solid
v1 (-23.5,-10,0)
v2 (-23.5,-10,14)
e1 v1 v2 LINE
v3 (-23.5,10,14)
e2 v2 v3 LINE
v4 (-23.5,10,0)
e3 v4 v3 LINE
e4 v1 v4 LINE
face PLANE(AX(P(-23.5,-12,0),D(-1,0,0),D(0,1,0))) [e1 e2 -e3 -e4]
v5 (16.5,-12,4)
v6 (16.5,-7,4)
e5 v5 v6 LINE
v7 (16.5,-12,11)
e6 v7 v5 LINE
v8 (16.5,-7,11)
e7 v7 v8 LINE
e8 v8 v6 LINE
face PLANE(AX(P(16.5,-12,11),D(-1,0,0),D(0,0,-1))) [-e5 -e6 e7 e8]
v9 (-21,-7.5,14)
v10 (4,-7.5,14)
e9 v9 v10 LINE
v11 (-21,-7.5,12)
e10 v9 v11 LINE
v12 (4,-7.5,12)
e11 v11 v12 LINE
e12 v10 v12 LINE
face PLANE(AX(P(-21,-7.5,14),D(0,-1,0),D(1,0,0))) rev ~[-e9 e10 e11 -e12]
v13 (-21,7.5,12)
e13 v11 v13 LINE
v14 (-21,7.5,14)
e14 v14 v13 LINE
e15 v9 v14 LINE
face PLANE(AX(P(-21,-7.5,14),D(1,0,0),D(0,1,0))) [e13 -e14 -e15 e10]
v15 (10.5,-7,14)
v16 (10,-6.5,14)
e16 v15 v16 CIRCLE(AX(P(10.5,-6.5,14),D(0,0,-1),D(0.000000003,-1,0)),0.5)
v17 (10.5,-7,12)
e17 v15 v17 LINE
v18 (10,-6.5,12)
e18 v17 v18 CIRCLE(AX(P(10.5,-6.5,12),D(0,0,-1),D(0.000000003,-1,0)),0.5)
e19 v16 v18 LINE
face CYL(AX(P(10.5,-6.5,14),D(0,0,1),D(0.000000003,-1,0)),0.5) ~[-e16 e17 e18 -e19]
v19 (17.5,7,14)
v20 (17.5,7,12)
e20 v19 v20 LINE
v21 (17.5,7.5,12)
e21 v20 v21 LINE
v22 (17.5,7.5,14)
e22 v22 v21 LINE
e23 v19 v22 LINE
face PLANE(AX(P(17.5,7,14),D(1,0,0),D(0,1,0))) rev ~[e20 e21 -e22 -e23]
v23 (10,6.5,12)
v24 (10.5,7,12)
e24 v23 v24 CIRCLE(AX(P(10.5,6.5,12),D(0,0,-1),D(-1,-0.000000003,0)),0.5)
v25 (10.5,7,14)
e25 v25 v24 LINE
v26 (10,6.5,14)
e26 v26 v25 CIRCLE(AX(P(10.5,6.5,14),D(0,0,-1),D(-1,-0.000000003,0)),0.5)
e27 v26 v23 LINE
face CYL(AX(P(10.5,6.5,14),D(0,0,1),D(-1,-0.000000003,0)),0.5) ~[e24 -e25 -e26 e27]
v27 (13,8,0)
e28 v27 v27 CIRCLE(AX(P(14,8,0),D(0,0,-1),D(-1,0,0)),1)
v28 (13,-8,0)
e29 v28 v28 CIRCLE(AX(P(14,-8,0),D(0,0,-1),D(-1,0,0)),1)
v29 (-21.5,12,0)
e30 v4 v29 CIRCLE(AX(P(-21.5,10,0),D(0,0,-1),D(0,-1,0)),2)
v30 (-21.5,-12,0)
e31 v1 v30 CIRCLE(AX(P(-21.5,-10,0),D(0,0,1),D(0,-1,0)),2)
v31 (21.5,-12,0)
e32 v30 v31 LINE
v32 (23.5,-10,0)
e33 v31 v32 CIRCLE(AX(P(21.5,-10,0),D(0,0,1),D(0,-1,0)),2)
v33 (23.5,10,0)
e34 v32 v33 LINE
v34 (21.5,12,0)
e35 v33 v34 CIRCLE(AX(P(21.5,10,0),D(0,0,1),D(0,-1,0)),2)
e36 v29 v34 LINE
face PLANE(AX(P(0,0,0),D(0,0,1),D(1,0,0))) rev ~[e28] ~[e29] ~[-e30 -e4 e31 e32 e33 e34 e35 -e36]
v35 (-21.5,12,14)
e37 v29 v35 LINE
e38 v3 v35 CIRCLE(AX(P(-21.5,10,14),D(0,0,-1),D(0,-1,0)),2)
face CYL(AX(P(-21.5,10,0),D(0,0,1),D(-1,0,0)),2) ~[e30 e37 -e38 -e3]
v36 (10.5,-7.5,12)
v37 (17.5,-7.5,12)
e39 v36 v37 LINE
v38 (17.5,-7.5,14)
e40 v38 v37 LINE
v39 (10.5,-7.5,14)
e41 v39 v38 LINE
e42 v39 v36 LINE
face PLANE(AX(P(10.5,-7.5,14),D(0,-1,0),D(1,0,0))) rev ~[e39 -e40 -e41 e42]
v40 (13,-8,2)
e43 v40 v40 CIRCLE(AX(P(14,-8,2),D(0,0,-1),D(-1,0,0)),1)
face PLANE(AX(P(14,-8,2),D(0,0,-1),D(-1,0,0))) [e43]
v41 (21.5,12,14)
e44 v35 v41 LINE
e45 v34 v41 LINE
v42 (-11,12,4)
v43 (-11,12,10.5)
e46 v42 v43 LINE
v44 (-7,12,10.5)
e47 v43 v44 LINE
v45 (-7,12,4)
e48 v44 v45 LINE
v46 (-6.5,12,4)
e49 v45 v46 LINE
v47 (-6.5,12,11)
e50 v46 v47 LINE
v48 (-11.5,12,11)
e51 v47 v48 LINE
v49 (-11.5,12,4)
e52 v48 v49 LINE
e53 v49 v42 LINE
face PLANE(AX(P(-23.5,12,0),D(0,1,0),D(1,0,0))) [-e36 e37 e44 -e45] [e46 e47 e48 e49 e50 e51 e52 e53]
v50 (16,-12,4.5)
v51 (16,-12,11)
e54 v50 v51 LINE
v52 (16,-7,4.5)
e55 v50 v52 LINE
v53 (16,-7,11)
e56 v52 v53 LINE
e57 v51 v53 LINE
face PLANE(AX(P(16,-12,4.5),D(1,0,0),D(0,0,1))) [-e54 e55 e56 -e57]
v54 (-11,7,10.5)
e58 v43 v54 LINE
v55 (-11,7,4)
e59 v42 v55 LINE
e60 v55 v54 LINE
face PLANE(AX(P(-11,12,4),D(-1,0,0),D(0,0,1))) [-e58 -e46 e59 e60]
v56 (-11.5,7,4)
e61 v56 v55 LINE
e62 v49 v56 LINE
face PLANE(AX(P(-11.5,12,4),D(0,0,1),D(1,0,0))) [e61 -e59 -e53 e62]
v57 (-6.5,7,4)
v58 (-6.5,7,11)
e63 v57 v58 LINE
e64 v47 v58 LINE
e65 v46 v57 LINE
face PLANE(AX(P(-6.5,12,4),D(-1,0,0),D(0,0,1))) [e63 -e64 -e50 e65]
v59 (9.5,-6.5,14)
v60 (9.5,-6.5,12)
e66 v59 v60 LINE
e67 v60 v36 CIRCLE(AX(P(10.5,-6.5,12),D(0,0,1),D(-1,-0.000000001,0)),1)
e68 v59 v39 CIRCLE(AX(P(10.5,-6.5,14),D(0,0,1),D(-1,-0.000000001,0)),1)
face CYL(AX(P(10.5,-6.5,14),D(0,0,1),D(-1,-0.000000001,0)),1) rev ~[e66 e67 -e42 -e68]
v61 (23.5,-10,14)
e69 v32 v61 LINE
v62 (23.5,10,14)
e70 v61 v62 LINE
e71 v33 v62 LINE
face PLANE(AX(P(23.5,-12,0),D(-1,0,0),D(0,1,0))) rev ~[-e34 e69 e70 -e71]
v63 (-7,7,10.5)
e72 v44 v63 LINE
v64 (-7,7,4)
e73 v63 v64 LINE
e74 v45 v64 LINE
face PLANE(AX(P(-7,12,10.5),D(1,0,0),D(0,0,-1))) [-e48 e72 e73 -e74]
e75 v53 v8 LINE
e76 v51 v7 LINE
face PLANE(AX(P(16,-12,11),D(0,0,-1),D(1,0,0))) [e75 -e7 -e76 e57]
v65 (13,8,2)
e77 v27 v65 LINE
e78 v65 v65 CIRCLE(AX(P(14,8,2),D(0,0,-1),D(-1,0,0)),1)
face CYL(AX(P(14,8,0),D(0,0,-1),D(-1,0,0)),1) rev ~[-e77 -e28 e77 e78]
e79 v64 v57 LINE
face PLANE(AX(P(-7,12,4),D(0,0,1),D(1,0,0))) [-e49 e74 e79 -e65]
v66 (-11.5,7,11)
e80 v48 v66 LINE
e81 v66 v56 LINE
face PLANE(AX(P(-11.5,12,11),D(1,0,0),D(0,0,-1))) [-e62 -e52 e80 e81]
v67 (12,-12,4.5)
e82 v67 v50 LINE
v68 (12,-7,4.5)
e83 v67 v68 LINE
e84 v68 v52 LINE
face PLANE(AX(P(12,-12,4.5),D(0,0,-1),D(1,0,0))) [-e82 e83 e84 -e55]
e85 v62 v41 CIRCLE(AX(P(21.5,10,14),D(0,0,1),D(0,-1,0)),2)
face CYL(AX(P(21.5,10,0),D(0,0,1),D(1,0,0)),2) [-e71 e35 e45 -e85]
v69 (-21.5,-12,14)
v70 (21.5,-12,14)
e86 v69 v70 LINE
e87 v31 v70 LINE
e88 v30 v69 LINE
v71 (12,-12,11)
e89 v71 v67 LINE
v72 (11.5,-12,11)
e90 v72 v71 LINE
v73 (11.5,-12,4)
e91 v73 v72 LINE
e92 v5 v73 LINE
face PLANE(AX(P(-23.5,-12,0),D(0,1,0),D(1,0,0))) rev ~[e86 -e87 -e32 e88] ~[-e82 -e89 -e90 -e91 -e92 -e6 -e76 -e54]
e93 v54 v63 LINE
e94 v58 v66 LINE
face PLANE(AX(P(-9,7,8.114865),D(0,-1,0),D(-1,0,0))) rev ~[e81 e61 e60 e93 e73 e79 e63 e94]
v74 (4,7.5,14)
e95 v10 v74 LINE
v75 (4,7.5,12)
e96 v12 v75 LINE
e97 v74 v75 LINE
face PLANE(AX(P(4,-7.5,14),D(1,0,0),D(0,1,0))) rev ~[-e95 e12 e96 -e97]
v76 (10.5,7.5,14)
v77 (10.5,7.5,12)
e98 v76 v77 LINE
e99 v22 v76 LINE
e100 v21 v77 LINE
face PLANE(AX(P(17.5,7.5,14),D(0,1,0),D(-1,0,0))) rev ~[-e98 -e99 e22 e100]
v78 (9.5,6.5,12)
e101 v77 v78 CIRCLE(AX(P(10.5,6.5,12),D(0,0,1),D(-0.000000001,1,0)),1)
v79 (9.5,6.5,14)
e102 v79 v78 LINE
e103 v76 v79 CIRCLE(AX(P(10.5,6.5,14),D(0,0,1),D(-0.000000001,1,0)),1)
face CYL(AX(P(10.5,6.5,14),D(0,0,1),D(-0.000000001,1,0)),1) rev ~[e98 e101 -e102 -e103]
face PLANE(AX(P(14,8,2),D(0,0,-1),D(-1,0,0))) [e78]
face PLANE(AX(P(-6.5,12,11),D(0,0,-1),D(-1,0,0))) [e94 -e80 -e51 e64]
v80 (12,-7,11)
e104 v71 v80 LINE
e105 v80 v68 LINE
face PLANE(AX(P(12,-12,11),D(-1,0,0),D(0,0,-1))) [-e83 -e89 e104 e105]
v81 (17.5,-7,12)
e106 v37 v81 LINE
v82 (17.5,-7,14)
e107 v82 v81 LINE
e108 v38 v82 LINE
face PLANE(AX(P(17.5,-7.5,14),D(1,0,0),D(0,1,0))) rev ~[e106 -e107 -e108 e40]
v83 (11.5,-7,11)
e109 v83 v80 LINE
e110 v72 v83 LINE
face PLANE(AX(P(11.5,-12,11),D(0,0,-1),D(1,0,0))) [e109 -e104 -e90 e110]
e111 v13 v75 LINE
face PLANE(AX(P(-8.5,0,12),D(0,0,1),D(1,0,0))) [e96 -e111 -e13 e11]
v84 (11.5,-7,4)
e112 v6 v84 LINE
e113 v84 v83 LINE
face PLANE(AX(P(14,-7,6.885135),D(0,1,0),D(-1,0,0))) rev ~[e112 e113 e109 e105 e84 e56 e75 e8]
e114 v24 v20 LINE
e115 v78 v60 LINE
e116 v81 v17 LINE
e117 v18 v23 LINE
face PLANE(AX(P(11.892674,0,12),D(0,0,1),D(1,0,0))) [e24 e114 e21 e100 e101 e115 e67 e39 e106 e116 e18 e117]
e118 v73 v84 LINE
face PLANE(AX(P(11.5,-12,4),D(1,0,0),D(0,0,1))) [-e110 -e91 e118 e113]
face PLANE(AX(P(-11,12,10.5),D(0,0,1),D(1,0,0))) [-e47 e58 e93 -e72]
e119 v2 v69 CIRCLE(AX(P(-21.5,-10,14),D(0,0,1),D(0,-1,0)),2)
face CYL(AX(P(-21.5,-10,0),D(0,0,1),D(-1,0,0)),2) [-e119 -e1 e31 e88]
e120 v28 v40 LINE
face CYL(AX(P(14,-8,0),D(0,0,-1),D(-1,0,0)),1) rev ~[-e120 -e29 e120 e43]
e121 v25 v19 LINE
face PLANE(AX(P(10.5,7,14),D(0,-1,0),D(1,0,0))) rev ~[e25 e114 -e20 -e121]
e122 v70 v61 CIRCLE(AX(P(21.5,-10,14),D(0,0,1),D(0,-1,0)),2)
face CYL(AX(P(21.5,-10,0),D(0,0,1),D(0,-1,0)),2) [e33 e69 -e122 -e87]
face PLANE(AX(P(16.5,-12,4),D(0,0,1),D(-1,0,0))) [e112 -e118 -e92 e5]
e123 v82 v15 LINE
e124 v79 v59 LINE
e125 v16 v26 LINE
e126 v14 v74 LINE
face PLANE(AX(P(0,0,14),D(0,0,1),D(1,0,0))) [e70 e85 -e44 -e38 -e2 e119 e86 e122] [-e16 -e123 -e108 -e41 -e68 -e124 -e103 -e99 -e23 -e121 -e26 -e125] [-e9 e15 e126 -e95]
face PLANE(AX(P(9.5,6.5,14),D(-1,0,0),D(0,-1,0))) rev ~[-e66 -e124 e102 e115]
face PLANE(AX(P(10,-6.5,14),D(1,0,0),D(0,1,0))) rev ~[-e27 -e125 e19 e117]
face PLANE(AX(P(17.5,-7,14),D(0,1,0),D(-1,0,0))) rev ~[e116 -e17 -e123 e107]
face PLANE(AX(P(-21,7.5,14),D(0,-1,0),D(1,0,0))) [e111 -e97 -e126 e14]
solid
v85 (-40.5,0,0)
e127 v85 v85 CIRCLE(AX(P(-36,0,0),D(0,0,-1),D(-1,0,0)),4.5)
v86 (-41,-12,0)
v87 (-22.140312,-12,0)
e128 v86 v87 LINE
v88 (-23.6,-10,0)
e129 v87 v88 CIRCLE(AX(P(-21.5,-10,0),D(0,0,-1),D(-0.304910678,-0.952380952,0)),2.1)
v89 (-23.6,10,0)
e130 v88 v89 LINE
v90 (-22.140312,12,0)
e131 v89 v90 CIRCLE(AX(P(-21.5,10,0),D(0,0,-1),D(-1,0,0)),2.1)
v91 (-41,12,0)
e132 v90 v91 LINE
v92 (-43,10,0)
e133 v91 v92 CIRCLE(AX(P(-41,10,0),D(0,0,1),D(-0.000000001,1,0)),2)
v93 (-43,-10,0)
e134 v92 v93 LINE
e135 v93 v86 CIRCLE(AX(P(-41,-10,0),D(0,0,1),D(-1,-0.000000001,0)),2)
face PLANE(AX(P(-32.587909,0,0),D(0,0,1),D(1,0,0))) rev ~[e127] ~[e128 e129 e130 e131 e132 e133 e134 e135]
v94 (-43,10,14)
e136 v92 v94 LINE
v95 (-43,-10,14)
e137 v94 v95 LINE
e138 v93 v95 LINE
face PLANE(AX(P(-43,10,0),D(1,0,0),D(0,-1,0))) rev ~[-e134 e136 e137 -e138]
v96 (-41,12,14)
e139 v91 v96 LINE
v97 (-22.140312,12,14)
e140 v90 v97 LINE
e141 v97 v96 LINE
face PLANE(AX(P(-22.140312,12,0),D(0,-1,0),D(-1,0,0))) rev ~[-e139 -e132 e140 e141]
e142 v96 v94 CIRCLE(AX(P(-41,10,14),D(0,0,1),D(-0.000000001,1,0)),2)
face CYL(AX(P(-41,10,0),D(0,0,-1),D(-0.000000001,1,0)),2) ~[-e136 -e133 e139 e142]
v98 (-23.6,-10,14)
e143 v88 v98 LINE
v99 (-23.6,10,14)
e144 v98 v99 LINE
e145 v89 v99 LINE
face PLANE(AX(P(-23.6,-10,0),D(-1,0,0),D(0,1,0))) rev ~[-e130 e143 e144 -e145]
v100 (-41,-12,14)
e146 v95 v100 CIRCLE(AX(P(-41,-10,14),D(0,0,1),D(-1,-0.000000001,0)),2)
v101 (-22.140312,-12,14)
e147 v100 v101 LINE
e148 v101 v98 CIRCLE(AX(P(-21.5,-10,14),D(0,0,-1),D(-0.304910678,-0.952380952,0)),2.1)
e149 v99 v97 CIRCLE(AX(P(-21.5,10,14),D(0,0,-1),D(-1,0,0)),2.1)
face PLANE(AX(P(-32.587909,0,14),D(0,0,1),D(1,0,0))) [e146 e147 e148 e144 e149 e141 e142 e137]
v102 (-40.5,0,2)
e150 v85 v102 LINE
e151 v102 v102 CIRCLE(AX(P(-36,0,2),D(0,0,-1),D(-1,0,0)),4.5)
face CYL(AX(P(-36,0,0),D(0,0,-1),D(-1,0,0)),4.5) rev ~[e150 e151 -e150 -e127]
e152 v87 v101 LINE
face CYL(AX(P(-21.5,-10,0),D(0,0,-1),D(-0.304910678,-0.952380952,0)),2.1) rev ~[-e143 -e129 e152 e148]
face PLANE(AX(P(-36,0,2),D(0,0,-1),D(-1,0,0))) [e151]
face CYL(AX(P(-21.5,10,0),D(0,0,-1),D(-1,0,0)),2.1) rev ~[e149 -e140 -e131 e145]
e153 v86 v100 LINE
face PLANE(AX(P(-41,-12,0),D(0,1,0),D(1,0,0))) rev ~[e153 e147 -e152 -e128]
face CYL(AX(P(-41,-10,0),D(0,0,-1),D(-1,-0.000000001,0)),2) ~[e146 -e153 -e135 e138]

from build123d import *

# Parameters (mm, degrees)
CROQUIS1_W              = 47
CROQUIS1_H              = 24
SALIENTE_EXTRUIR1_DEPTH = 14
REDONDEO1_R             = 2
CROQUIS2_W              = 25
CROQUIS2_H              = 15
CORTAR_EXTRUIR1_DEPTH   = 2
CORTAR_EXTRUIR2_DEPTH   = 5
CORTAR_EXTRUIR3_DEPTH   = 5
SALIENTE_EXTRUIR3_DEPTH = 14
CROQUIS6_R              = 4.5
CROQUIS6_R_2            = 1
CORTAR_EXTRUIR4_DEPTH   = 2


with BuildPart() as part:
    # Croquis1 → Saliente-Extruir1 (new body)
    with BuildSketch(Plane.XY):
        Rectangle(CROQUIS1_W, CROQUIS1_H)
    extrude(amount=SALIENTE_EXTRUIR1_DEPTH)

    # Redondeo1
    redondeo1_edges = [part.edges().sort_by_distance(p)[0] for p in [
        (-23.5, 12, 7),
        (23.5, 12, 7),
        (23.5, -12, 7),
        (-23.5, -12, 7),
    ]]
    fillet(redondeo1_edges, radius=REDONDEO1_R)

    # Croquis2 → Cortar-Extruir1 (cut)
    with BuildSketch(Plane.XY.offset(14)):
        with Locations((-8.5, 0)):
            Rectangle(CROQUIS2_W, CROQUIS2_H)
        with BuildLine():
            Line((17.5, 7.5), (10.5, 7.5))
            ThreePointArc((10.5, 7.5), (9.792893219, 7.207106781), (9.5, 6.5))
            Line((9.5, 6.5), (9.5, -6.5))
            ThreePointArc((9.5, -6.5), (9.792893219, -7.207106781), (10.5, -7.5))
            Line((10.5, -7.5), (17.5, -7.5))
            Line((17.5, -7.5), (17.5, -7))
            Line((17.5, -7), (10.5, -7))
            ThreePointArc((10.5, -7), (10.146446609, -6.853553391), (10, -6.5))
            Line((10, -6.5), (10, 6.5))
            ThreePointArc((10, 6.5), (10.146446609, 6.853553391), (10.5, 7))
            Line((10.5, 7), (17.5, 7))
            Line((17.5, 7), (17.5, 7.5))
        make_face()
    extrude(amount=-CORTAR_EXTRUIR1_DEPTH, mode=Mode.SUBTRACT)

    # Croquis3 → Cortar-Extruir2 (cut)
    with BuildSketch(Plane(origin=(0, 12, 0), x_dir=(1, 0, 0), z_dir=(0, 1, 0))):
        Polygon((-6.5, -4), (-6.5, -11), (-11.5, -11), (-11.5, -4), (-11, -4), (-11, -10.5), (-7, -10.5), (-7, -4), align=None)
    extrude(amount=-CORTAR_EXTRUIR2_DEPTH, mode=Mode.SUBTRACT)

    # Croquis4 → Cortar-Extruir3 (cut)
    with BuildSketch(Plane.XZ.offset(12)):
        Polygon((16.5, 11), (16.5, 4), (11.5, 4), (11.5, 11), (12, 11), (12, 4.5), (16, 4.5), (16, 11), align=None)
    extrude(amount=-CORTAR_EXTRUIR3_DEPTH, mode=Mode.SUBTRACT)


with BuildPart() as body_2:
    # Croquis5 → Saliente-Extruir3 (new body)
    with BuildSketch(Plane.XY):
        with BuildLine():
            Line((-22.140312424, 12), (-41, 12))
            ThreePointArc((-41, 12), (-42.414213562, 11.414213562), (-43, 10))
            Line((-43, 10), (-43, -10))
            ThreePointArc((-43, -10), (-42.414213562, -11.414213562), (-41, -12))
            Line((-41, -12), (-22.140312424, -12))
            ThreePointArc((-22.140312424, -12), (-23.19626886, -11.23801129), (-23.6, -10))
            Line((-23.6, -10), (-23.6, 10))
            ThreePointArc((-23.6, 10), (-23.19626886, 11.23801129), (-22.140312424, 12))
        make_face()
    extrude(amount=SALIENTE_EXTRUIR3_DEPTH)


with BuildPart() as cortar_extruir4_tool:
    # Croquis6 → Cortar-Extruir4 (new body)
    with BuildSketch(Plane(origin=(0, 0, 0), x_dir=(-1, 0, 0), z_dir=(0, 0, -1))):
        with Locations((36, 0)):
            Circle(CROQUIS6_R)
        with Locations((-14, 8)):
            Circle(CROQUIS6_R_2)
        with Locations((-14, -8)):
            Circle(CROQUIS6_R_2)
    extrude(amount=-CORTAR_EXTRUIR4_DEPTH)


with BuildPart() as part_1:
    add(part.part)

    # Cortar-Extruir4: cut by cortar_extruir4_tool
    add(cortar_extruir4_tool.part, mode=Mode.SUBTRACT)


with BuildPart() as body_2_1:
    add(body_2.part)

    # Cortar-Extruir4: cut by cortar_extruir4_tool
    add(cortar_extruir4_tool.part, mode=Mode.SUBTRACT)


solid = Compound([part_1.part, body_2_1.part])
